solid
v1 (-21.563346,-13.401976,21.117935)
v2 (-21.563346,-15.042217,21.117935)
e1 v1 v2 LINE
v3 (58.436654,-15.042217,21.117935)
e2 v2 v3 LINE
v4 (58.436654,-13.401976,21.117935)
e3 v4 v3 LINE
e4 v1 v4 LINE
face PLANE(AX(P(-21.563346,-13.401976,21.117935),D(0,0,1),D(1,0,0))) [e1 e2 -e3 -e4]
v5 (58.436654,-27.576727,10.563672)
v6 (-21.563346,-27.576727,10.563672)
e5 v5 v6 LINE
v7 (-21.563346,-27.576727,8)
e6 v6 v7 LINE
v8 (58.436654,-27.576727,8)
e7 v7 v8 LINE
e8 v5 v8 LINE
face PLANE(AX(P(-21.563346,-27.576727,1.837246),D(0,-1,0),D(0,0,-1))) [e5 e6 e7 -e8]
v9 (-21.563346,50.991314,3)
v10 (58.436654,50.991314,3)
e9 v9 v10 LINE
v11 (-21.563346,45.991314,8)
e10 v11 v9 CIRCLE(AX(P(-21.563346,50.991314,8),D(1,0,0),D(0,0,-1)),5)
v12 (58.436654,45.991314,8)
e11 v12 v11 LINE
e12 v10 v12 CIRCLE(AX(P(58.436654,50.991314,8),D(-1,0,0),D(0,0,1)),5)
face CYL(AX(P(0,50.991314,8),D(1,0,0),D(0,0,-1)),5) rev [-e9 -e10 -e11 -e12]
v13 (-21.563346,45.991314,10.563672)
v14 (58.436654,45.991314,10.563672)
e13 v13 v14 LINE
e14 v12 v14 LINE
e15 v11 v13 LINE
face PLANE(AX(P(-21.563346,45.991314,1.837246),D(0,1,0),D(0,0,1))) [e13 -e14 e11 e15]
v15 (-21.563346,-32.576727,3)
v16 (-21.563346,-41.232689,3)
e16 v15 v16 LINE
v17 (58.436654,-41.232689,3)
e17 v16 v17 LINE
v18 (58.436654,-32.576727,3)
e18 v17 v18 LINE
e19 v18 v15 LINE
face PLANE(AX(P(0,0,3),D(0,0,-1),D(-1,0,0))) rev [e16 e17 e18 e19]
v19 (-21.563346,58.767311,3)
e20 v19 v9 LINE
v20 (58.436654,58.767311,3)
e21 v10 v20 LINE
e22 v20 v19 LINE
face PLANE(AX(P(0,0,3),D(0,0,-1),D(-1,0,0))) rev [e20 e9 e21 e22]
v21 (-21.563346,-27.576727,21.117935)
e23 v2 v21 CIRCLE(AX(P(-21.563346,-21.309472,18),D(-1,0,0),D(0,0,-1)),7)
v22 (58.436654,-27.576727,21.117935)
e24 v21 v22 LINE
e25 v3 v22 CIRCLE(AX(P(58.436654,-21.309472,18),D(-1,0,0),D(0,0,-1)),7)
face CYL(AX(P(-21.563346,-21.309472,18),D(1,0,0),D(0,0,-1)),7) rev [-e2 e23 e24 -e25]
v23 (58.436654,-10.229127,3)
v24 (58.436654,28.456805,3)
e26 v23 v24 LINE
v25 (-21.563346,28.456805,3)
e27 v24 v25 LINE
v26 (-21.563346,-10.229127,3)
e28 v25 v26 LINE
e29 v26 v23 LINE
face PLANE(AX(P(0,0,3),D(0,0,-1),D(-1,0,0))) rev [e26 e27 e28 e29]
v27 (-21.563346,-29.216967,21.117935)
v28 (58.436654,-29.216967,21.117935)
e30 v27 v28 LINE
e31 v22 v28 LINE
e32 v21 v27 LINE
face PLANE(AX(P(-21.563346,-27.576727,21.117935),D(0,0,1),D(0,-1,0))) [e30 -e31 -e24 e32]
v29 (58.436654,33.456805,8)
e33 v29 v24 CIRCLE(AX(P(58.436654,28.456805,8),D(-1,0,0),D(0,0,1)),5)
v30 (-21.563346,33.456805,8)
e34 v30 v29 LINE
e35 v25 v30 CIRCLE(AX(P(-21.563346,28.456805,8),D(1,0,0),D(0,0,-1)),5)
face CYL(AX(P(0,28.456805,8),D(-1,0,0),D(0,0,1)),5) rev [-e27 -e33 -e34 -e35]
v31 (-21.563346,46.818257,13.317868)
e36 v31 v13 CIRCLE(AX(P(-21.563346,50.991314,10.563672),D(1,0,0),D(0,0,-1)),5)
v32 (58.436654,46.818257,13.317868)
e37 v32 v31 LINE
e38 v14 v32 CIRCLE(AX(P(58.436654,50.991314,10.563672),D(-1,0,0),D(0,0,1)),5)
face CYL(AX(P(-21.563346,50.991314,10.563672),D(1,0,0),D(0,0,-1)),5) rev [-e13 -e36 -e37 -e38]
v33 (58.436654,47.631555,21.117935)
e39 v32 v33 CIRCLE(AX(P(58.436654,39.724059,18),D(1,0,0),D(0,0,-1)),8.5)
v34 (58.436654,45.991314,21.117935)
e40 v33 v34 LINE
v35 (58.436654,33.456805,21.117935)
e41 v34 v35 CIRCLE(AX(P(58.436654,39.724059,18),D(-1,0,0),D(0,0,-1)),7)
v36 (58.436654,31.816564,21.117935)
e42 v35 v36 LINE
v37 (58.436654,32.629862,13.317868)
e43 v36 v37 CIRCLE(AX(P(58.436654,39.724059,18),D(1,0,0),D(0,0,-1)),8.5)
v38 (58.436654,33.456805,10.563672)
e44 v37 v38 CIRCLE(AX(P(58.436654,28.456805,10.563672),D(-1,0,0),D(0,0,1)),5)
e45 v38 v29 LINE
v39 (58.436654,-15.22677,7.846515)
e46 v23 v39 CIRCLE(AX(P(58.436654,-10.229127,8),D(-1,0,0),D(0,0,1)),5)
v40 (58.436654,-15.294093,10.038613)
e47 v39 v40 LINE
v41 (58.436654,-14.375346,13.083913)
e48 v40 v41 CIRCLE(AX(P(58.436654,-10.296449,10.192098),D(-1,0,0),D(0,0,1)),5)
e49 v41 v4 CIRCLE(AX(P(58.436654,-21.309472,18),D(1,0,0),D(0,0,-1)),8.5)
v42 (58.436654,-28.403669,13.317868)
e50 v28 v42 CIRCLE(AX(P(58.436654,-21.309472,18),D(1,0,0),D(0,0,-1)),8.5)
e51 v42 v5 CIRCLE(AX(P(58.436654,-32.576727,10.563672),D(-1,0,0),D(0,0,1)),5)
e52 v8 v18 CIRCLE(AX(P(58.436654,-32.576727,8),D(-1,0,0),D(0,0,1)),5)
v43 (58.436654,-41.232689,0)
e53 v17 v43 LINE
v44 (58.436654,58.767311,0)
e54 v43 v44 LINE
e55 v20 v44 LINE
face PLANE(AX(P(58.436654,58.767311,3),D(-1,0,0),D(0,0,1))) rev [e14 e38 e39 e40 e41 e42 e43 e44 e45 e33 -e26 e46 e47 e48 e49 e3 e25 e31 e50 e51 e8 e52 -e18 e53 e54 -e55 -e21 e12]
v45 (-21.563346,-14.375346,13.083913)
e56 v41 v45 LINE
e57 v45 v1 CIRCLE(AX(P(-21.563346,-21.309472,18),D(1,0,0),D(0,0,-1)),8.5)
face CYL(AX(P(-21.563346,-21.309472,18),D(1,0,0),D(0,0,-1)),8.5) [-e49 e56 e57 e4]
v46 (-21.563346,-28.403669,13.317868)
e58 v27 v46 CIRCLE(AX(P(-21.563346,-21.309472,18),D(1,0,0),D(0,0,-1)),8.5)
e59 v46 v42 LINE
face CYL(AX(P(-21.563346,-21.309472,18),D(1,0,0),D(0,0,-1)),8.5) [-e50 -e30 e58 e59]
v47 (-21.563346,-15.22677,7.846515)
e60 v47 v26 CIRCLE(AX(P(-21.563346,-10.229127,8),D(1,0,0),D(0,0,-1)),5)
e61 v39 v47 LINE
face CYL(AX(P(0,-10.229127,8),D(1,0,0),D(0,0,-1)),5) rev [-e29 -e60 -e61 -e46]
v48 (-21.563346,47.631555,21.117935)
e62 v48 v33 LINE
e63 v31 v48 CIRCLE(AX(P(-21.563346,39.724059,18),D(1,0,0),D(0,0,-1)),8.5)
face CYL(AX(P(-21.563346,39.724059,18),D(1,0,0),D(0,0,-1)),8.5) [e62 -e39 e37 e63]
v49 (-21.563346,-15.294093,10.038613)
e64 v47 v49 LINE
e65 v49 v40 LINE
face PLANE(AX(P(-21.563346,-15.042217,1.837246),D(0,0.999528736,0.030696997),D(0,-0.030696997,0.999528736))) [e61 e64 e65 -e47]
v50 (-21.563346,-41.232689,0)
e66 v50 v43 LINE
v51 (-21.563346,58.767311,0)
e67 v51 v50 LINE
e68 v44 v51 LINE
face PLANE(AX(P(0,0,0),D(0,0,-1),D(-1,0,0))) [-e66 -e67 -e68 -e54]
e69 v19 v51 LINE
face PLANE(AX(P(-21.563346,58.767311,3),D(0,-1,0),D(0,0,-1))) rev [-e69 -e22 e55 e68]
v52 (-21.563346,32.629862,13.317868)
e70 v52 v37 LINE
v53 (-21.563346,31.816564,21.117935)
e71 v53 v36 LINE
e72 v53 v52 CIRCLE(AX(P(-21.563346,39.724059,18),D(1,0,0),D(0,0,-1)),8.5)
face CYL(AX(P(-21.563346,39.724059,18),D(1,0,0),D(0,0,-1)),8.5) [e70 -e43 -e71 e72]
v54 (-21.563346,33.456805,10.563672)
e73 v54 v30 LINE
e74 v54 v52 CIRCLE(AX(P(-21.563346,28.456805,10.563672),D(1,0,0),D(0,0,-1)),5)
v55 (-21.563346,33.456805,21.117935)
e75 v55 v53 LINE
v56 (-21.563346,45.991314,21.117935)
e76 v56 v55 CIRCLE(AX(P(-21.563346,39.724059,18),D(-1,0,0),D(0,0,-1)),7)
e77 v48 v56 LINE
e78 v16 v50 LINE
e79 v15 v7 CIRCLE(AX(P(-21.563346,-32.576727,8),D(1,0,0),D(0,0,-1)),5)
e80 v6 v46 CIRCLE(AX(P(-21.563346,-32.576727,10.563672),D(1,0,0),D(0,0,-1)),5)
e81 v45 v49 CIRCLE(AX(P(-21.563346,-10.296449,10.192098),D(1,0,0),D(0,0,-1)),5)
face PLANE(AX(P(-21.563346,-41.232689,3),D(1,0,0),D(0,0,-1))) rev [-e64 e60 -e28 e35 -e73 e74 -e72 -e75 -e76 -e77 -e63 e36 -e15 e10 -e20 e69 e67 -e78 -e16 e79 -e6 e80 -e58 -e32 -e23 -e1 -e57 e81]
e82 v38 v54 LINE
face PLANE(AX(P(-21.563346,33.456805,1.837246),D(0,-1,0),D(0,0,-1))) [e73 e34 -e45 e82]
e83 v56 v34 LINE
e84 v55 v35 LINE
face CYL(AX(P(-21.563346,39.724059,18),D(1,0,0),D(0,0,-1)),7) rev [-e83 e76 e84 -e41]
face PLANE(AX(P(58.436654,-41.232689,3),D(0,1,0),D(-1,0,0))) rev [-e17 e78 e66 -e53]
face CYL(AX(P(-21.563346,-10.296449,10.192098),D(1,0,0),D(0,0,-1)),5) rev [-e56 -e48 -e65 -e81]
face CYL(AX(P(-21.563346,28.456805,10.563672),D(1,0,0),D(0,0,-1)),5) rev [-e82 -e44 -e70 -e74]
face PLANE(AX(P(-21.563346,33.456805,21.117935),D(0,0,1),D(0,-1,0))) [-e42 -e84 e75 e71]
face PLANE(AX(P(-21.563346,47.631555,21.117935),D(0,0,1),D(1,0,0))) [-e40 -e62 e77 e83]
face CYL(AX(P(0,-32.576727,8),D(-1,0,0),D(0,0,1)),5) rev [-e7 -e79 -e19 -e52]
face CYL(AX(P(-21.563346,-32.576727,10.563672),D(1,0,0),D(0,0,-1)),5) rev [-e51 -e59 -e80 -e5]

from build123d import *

# Parameters (mm, degrees)
SKETCH1_W           = 80
SKETCH1_H           = 100
BOSS_EXTRUDE1_DEPTH = 3
BOSS_EXTRUDE3_DEPTH = 80
FILLET1_R           = 5
FILLET2_R           = 5


with BuildPart() as part:
    # Sketch1 → Boss-Extrude1 (new body)
    with BuildSketch(Plane.XY):
        with Locations((18.436653688, 8.767310739)):
            Rectangle(SKETCH1_W, SKETCH1_H)
    extrude(amount=BOSS_EXTRUDE1_DEPTH)

    # Sketch3 → Boss-Extrude3 (add)
    with BuildSketch(Plane(origin=(58.436653688, 0, 0), x_dir=(0, 0, -1), z_dir=(1, 0, 0))):
        with BuildLine():
            Line((-1.837245717, 45.99131425), (-12.257916981, 45.99131425))
            ThreePointArc((-12.257916981, 45.99131425), (-16.452700501, 48.082041529), (-21.117934797, 47.631554803))
            Line((-21.117934797, 47.631554803), (-21.117934797, 45.99131425))
            ThreePointArc((-21.117934797, 45.99131425), (-11, 39.72405946), (-21.117934797, 33.45680467))
            Line((-21.117934797, 33.45680467), (-21.117934797, 31.816564117))
            ThreePointArc((-21.117934797, 31.816564117), (-16.452700501, 31.366077392), (-12.257916981, 33.45680467))
            Line((-12.257916981, 33.45680467), (-1.837245717, 33.45680467))
            Line((-1.837245717, 33.45680467), (-1.837245717, 45.99131425))
        make_face()
        with BuildLine():
            Line((-21.117934797, -13.401976374), (-21.117934797, -15.042216928))
            ThreePointArc((-21.117934797, -15.042216928), (-11, -21.309471718), (-21.117934797, -27.576726507))
            Line((-21.117934797, -27.576726507), (-21.117934797, -29.216967061))
            ThreePointArc((-21.117934797, -29.216967061), (-16.452700501, -29.667453786), (-12.257916981, -27.576726507))
            Line((-12.257916981, -27.576726507), (-1.837245717, -27.576726507))
            Line((-1.837245717, -27.576726507), (-1.837245717, -15.042216928))
            Line((-1.837245717, -15.042216928), (-11.936738174, -15.352387193))
            ThreePointArc((-11.936738174, -15.352387193), (-16.233714798, -12.995012229), (-21.117934797, -13.401976374))
        make_face()
    extrude(amount=-BOSS_EXTRUDE3_DEPTH)

    # Fillet1
    fillet1_edges = [part.edges().sort_by_distance(p)[0] for p in [
        (18.436653688, 45.99131425, 12.257916981),
        (18.436653688, 33.45680467, 12.257916981),
        (18.436653688, -15.352387193, 11.936738174),
        (18.436653688, -27.576726507, 12.257916981),
    ]]
    fillet(fillet1_edges, radius=FILLET1_R)

    # Fillet2
    fillet2_edges = [part.edges().sort_by_distance(p)[0] for p in [
        (18.436653688, 33.45680467, 3),
        (18.436653688, 45.99131425, 3),
        (18.436653688, -27.576726507, 3),
        (18.436653688, -15.077926822, 3),
    ]]
    fillet(fillet2_edges, radius=FILLET2_R)


solid = part.part
